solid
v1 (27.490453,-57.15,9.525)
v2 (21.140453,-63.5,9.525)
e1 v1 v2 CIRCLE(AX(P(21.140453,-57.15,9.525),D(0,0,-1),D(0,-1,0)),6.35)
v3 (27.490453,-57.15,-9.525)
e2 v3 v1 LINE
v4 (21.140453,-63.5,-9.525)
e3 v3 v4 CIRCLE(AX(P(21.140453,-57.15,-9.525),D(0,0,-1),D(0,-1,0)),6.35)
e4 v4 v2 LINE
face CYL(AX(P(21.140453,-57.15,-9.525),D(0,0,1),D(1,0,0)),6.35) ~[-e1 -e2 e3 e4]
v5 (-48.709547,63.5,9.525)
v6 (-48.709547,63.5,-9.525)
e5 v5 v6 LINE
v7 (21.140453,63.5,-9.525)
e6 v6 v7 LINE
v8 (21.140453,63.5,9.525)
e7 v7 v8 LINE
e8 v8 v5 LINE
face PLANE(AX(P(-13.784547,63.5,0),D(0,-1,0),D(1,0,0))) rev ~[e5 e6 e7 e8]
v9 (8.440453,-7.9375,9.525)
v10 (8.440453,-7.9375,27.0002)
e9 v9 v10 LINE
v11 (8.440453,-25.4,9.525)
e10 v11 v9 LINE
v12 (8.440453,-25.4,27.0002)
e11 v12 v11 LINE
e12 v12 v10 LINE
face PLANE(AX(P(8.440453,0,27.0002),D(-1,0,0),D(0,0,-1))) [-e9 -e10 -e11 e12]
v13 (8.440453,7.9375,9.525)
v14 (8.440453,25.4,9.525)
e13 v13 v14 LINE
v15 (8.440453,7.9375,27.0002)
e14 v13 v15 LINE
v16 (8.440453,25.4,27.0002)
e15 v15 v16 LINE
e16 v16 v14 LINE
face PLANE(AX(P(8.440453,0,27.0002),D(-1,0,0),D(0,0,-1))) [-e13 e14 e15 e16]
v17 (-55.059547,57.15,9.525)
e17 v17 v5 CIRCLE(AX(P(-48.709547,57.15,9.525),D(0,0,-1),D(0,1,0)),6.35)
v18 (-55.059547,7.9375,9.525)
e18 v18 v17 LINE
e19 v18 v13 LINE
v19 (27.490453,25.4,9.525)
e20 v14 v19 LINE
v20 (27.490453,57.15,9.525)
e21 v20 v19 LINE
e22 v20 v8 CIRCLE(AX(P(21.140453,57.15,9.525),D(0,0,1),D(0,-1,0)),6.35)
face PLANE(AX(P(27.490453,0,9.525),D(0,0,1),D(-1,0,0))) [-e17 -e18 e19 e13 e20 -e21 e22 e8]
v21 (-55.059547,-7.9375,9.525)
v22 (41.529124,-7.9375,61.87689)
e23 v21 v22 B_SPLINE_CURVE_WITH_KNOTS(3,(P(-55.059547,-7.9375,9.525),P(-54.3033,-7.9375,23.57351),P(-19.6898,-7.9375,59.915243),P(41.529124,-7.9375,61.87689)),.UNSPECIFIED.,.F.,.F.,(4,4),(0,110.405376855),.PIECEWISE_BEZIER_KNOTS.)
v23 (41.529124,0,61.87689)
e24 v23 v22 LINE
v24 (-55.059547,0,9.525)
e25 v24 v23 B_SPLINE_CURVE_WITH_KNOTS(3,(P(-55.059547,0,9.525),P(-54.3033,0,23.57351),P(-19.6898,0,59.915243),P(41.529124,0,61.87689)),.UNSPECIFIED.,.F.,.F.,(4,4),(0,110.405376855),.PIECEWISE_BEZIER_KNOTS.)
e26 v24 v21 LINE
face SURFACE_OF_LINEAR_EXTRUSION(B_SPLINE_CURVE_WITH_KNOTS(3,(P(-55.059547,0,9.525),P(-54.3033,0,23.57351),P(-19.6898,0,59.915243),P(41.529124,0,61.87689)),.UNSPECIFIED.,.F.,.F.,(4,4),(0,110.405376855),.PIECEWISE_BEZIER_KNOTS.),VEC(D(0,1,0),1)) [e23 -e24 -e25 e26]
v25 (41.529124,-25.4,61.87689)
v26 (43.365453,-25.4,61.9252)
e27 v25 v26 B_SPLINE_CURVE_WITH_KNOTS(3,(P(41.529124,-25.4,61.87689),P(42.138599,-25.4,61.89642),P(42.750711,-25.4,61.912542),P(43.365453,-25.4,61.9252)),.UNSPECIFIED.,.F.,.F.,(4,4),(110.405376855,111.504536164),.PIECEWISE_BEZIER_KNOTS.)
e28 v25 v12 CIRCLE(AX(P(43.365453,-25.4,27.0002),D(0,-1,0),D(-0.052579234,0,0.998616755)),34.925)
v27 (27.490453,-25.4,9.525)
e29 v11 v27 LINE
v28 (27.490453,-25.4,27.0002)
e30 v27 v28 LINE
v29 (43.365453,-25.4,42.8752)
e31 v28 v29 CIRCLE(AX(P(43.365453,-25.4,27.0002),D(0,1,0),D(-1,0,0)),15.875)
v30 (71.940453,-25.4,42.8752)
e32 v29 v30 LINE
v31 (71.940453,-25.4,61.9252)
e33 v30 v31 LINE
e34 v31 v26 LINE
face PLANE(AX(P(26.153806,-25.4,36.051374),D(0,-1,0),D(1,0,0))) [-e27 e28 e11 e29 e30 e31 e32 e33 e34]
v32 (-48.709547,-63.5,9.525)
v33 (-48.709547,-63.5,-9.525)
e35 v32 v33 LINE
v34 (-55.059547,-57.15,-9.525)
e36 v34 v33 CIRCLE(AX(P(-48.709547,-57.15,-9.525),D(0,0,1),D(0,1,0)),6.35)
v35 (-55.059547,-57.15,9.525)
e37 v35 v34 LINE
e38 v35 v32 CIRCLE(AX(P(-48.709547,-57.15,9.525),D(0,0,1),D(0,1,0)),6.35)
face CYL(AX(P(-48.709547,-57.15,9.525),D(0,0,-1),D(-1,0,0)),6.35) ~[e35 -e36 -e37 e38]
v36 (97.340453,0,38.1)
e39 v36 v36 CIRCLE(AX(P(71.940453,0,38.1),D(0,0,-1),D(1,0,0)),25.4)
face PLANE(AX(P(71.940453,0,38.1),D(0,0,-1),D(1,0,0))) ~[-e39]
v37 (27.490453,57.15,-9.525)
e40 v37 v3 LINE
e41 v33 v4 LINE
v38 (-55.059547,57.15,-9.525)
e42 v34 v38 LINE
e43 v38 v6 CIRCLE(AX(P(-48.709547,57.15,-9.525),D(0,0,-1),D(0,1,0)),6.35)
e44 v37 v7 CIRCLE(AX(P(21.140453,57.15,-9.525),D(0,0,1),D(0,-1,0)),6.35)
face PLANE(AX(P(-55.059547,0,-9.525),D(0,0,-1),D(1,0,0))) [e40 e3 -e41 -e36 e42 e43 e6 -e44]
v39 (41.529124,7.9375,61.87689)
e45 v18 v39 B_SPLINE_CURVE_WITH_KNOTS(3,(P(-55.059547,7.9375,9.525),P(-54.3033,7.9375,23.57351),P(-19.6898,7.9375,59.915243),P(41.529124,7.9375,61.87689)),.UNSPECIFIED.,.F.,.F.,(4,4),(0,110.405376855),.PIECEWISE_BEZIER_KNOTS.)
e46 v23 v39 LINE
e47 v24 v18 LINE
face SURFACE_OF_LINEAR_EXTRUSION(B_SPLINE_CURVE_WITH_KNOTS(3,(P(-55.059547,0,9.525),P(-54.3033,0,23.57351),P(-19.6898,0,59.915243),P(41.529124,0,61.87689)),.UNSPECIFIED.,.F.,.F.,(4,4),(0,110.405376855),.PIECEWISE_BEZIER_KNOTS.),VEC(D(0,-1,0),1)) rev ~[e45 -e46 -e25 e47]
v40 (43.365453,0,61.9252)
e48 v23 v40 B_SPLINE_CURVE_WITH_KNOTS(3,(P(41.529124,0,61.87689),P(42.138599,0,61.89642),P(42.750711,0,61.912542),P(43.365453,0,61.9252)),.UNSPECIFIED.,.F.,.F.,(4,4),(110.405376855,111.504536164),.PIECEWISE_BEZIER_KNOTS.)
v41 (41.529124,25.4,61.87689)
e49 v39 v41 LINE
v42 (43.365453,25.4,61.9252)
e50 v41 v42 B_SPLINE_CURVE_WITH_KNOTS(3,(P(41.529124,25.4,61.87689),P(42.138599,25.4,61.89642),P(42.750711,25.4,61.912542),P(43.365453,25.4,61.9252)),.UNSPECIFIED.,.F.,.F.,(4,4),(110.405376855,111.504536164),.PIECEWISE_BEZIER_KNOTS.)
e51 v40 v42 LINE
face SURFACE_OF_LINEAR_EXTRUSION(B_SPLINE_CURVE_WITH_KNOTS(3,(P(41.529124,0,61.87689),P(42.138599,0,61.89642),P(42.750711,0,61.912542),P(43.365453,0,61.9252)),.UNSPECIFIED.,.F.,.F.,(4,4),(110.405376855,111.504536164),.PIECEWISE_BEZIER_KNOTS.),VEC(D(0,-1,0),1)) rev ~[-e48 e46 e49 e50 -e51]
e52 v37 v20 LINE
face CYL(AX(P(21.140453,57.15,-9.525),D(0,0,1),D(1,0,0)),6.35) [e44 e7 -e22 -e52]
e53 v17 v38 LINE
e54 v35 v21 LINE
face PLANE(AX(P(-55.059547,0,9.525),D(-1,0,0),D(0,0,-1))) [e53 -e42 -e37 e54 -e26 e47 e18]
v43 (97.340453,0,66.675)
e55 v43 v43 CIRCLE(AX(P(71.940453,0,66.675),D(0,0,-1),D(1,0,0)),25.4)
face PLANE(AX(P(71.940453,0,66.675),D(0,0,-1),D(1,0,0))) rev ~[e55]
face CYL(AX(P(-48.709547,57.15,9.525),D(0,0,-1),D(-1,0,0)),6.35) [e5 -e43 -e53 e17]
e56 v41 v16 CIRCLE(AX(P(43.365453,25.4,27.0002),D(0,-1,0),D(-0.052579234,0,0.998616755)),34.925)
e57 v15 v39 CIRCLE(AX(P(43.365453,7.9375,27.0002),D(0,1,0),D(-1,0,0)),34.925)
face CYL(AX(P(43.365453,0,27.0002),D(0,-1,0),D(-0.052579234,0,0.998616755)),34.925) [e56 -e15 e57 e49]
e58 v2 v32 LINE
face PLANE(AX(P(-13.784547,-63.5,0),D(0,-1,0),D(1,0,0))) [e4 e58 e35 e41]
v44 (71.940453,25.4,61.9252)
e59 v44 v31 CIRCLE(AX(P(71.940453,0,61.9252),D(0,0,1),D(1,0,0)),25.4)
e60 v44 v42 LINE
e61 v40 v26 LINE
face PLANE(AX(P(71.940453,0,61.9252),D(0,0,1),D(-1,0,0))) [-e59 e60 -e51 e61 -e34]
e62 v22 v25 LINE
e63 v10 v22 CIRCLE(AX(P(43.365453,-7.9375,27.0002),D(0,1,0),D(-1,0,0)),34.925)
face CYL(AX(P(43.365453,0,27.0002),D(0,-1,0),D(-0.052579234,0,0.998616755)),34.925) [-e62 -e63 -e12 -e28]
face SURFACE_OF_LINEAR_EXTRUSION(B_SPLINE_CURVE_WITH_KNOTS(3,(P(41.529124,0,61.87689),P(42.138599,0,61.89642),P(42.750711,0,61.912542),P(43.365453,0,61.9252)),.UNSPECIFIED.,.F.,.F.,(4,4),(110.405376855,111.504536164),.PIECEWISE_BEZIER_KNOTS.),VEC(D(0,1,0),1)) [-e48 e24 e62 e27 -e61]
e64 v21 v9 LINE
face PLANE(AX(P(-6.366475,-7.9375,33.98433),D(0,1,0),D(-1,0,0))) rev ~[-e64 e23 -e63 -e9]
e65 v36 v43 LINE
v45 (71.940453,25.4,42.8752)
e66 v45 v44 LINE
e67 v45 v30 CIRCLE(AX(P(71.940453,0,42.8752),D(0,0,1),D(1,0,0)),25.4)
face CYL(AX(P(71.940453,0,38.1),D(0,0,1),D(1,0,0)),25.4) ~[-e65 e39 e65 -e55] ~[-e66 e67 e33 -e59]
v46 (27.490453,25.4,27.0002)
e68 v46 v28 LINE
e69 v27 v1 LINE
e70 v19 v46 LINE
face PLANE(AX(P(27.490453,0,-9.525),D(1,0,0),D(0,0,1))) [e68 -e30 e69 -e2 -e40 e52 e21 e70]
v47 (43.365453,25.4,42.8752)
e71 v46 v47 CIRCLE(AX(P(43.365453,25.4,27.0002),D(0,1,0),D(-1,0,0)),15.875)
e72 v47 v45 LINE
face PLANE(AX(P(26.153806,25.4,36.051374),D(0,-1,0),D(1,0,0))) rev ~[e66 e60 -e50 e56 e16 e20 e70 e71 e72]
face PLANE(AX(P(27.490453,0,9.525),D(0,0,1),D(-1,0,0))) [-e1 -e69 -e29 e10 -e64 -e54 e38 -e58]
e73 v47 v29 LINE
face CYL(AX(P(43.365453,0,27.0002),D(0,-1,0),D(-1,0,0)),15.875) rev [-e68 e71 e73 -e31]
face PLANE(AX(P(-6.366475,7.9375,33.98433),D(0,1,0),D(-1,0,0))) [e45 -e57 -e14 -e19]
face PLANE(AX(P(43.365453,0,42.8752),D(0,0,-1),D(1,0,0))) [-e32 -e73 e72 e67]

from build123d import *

# Parameters (mm, degrees)
F1_DEPTH = 63.5
F2_DEPTH = 7.9375
F0_W     = 25.4
F0_H     = 19.05
F3_DEPTH = 25.4
F5_R     = 6.35


with BuildPart() as f1:
    # F0 (on Front) → F1 (new body, symmetric)
    with BuildSketch(Plane.XZ):
        Polygon((-55.0595465731, -9.525), (27.4904534269, -9.525), (27.4904534269, 9.525), (8.4404534269, 9.525), (-55.0595465731, 9.525), align=None)
    extrude(amount=F1_DEPTH, both=True)

    # F0 (on Front) → F2 (join, symmetric)
    with BuildSketch(Plane.XZ):
        with BuildLine():
            add(Edge.make_bspline(
                [(-55.0595465731, 9.525), (-54.3032997663, 23.5735103389), (-19.6897995007, 59.915243166), (41.5291236908, 61.8768901827)],
                knots=[0, 0, 0, 0, 110.4053768548, 110.4053768548, 110.4053768548, 110.4053768548], degree=3))
            Line((-55.0595465731, 9.525), (8.4404534269, 9.525))
            Line((8.4404534269, 9.525), (8.4404534269, 27.0002))
            ThreePointArc((8.4404534269, 27.0002), (18.0288253853, 51.0378975703), (41.5291236908, 61.8768901827))
        make_face()
    extrude(amount=F2_DEPTH, both=True)

    # F0 (on Front) → F3 (join, symmetric)
    with BuildSketch(Plane.XZ):
        with BuildLine():
            Line((8.4404534269, 9.525), (27.4904534269, 9.525))
            Line((27.4904534269, 9.525), (27.4904534269, 27.0002))
            ThreePointArc((27.4904534269, 27.0002), (32.1401332756, 38.2255201513), (43.3654534269, 42.8752))
            Line((43.3654534269, 42.8752), (46.5404534269, 42.8752))
            Line((46.5404534269, 42.8752), (46.5404534269, 61.9252))
            Line((46.5404534269, 61.9252), (43.3654534269, 61.9252))
            add(Edge.make_bspline(
                [(41.5291236908, 61.8768901827), (42.1385989828, 61.8964196897), (42.7507112801, 61.9125416031), (43.3654534269, 61.9252)],
                knots=[110.4053768548, 110.4053768548, 110.4053768548, 110.4053768548, 111.5045361635, 111.5045361635, 111.5045361635, 111.5045361635], degree=3))
            ThreePointArc((41.5291236908, 61.8768901827), (18.0288253853, 51.0378975703), (8.4404534269, 27.0002))
            Line((8.4404534269, 27.0002), (8.4404534269, 9.525))
        make_face()
        with Locations((59.2404534269, 52.4002)):
            Rectangle(F0_W, F0_H)
    extrude(amount=F3_DEPTH, both=True)

    # F0 (on Front) → F4 (revolve)
    with BuildSketch(Plane.XZ):
        Polygon((71.9404534269, 61.9252), (71.9404534269, 42.8752), (71.9404534269, 38.1), (97.3404534269, 38.1), (97.3404534269, 66.675), (71.9404534269, 66.675), align=None)
    revolve(axis=Axis((71.9404534269, 0, 52.3875), (0, 0, -1)))

    # F5
    f5_edges = [f1.edges().sort_by_distance(p)[0] for p in [
        (-55.059547, -63.5, 0),
        (27.490453, -63.5, 0),
        (-55.059547, 63.5, 0),
        (27.490453, 63.5, 0),
    ]]
    fillet(f5_edges, radius=F5_R)


solid = f1.part
